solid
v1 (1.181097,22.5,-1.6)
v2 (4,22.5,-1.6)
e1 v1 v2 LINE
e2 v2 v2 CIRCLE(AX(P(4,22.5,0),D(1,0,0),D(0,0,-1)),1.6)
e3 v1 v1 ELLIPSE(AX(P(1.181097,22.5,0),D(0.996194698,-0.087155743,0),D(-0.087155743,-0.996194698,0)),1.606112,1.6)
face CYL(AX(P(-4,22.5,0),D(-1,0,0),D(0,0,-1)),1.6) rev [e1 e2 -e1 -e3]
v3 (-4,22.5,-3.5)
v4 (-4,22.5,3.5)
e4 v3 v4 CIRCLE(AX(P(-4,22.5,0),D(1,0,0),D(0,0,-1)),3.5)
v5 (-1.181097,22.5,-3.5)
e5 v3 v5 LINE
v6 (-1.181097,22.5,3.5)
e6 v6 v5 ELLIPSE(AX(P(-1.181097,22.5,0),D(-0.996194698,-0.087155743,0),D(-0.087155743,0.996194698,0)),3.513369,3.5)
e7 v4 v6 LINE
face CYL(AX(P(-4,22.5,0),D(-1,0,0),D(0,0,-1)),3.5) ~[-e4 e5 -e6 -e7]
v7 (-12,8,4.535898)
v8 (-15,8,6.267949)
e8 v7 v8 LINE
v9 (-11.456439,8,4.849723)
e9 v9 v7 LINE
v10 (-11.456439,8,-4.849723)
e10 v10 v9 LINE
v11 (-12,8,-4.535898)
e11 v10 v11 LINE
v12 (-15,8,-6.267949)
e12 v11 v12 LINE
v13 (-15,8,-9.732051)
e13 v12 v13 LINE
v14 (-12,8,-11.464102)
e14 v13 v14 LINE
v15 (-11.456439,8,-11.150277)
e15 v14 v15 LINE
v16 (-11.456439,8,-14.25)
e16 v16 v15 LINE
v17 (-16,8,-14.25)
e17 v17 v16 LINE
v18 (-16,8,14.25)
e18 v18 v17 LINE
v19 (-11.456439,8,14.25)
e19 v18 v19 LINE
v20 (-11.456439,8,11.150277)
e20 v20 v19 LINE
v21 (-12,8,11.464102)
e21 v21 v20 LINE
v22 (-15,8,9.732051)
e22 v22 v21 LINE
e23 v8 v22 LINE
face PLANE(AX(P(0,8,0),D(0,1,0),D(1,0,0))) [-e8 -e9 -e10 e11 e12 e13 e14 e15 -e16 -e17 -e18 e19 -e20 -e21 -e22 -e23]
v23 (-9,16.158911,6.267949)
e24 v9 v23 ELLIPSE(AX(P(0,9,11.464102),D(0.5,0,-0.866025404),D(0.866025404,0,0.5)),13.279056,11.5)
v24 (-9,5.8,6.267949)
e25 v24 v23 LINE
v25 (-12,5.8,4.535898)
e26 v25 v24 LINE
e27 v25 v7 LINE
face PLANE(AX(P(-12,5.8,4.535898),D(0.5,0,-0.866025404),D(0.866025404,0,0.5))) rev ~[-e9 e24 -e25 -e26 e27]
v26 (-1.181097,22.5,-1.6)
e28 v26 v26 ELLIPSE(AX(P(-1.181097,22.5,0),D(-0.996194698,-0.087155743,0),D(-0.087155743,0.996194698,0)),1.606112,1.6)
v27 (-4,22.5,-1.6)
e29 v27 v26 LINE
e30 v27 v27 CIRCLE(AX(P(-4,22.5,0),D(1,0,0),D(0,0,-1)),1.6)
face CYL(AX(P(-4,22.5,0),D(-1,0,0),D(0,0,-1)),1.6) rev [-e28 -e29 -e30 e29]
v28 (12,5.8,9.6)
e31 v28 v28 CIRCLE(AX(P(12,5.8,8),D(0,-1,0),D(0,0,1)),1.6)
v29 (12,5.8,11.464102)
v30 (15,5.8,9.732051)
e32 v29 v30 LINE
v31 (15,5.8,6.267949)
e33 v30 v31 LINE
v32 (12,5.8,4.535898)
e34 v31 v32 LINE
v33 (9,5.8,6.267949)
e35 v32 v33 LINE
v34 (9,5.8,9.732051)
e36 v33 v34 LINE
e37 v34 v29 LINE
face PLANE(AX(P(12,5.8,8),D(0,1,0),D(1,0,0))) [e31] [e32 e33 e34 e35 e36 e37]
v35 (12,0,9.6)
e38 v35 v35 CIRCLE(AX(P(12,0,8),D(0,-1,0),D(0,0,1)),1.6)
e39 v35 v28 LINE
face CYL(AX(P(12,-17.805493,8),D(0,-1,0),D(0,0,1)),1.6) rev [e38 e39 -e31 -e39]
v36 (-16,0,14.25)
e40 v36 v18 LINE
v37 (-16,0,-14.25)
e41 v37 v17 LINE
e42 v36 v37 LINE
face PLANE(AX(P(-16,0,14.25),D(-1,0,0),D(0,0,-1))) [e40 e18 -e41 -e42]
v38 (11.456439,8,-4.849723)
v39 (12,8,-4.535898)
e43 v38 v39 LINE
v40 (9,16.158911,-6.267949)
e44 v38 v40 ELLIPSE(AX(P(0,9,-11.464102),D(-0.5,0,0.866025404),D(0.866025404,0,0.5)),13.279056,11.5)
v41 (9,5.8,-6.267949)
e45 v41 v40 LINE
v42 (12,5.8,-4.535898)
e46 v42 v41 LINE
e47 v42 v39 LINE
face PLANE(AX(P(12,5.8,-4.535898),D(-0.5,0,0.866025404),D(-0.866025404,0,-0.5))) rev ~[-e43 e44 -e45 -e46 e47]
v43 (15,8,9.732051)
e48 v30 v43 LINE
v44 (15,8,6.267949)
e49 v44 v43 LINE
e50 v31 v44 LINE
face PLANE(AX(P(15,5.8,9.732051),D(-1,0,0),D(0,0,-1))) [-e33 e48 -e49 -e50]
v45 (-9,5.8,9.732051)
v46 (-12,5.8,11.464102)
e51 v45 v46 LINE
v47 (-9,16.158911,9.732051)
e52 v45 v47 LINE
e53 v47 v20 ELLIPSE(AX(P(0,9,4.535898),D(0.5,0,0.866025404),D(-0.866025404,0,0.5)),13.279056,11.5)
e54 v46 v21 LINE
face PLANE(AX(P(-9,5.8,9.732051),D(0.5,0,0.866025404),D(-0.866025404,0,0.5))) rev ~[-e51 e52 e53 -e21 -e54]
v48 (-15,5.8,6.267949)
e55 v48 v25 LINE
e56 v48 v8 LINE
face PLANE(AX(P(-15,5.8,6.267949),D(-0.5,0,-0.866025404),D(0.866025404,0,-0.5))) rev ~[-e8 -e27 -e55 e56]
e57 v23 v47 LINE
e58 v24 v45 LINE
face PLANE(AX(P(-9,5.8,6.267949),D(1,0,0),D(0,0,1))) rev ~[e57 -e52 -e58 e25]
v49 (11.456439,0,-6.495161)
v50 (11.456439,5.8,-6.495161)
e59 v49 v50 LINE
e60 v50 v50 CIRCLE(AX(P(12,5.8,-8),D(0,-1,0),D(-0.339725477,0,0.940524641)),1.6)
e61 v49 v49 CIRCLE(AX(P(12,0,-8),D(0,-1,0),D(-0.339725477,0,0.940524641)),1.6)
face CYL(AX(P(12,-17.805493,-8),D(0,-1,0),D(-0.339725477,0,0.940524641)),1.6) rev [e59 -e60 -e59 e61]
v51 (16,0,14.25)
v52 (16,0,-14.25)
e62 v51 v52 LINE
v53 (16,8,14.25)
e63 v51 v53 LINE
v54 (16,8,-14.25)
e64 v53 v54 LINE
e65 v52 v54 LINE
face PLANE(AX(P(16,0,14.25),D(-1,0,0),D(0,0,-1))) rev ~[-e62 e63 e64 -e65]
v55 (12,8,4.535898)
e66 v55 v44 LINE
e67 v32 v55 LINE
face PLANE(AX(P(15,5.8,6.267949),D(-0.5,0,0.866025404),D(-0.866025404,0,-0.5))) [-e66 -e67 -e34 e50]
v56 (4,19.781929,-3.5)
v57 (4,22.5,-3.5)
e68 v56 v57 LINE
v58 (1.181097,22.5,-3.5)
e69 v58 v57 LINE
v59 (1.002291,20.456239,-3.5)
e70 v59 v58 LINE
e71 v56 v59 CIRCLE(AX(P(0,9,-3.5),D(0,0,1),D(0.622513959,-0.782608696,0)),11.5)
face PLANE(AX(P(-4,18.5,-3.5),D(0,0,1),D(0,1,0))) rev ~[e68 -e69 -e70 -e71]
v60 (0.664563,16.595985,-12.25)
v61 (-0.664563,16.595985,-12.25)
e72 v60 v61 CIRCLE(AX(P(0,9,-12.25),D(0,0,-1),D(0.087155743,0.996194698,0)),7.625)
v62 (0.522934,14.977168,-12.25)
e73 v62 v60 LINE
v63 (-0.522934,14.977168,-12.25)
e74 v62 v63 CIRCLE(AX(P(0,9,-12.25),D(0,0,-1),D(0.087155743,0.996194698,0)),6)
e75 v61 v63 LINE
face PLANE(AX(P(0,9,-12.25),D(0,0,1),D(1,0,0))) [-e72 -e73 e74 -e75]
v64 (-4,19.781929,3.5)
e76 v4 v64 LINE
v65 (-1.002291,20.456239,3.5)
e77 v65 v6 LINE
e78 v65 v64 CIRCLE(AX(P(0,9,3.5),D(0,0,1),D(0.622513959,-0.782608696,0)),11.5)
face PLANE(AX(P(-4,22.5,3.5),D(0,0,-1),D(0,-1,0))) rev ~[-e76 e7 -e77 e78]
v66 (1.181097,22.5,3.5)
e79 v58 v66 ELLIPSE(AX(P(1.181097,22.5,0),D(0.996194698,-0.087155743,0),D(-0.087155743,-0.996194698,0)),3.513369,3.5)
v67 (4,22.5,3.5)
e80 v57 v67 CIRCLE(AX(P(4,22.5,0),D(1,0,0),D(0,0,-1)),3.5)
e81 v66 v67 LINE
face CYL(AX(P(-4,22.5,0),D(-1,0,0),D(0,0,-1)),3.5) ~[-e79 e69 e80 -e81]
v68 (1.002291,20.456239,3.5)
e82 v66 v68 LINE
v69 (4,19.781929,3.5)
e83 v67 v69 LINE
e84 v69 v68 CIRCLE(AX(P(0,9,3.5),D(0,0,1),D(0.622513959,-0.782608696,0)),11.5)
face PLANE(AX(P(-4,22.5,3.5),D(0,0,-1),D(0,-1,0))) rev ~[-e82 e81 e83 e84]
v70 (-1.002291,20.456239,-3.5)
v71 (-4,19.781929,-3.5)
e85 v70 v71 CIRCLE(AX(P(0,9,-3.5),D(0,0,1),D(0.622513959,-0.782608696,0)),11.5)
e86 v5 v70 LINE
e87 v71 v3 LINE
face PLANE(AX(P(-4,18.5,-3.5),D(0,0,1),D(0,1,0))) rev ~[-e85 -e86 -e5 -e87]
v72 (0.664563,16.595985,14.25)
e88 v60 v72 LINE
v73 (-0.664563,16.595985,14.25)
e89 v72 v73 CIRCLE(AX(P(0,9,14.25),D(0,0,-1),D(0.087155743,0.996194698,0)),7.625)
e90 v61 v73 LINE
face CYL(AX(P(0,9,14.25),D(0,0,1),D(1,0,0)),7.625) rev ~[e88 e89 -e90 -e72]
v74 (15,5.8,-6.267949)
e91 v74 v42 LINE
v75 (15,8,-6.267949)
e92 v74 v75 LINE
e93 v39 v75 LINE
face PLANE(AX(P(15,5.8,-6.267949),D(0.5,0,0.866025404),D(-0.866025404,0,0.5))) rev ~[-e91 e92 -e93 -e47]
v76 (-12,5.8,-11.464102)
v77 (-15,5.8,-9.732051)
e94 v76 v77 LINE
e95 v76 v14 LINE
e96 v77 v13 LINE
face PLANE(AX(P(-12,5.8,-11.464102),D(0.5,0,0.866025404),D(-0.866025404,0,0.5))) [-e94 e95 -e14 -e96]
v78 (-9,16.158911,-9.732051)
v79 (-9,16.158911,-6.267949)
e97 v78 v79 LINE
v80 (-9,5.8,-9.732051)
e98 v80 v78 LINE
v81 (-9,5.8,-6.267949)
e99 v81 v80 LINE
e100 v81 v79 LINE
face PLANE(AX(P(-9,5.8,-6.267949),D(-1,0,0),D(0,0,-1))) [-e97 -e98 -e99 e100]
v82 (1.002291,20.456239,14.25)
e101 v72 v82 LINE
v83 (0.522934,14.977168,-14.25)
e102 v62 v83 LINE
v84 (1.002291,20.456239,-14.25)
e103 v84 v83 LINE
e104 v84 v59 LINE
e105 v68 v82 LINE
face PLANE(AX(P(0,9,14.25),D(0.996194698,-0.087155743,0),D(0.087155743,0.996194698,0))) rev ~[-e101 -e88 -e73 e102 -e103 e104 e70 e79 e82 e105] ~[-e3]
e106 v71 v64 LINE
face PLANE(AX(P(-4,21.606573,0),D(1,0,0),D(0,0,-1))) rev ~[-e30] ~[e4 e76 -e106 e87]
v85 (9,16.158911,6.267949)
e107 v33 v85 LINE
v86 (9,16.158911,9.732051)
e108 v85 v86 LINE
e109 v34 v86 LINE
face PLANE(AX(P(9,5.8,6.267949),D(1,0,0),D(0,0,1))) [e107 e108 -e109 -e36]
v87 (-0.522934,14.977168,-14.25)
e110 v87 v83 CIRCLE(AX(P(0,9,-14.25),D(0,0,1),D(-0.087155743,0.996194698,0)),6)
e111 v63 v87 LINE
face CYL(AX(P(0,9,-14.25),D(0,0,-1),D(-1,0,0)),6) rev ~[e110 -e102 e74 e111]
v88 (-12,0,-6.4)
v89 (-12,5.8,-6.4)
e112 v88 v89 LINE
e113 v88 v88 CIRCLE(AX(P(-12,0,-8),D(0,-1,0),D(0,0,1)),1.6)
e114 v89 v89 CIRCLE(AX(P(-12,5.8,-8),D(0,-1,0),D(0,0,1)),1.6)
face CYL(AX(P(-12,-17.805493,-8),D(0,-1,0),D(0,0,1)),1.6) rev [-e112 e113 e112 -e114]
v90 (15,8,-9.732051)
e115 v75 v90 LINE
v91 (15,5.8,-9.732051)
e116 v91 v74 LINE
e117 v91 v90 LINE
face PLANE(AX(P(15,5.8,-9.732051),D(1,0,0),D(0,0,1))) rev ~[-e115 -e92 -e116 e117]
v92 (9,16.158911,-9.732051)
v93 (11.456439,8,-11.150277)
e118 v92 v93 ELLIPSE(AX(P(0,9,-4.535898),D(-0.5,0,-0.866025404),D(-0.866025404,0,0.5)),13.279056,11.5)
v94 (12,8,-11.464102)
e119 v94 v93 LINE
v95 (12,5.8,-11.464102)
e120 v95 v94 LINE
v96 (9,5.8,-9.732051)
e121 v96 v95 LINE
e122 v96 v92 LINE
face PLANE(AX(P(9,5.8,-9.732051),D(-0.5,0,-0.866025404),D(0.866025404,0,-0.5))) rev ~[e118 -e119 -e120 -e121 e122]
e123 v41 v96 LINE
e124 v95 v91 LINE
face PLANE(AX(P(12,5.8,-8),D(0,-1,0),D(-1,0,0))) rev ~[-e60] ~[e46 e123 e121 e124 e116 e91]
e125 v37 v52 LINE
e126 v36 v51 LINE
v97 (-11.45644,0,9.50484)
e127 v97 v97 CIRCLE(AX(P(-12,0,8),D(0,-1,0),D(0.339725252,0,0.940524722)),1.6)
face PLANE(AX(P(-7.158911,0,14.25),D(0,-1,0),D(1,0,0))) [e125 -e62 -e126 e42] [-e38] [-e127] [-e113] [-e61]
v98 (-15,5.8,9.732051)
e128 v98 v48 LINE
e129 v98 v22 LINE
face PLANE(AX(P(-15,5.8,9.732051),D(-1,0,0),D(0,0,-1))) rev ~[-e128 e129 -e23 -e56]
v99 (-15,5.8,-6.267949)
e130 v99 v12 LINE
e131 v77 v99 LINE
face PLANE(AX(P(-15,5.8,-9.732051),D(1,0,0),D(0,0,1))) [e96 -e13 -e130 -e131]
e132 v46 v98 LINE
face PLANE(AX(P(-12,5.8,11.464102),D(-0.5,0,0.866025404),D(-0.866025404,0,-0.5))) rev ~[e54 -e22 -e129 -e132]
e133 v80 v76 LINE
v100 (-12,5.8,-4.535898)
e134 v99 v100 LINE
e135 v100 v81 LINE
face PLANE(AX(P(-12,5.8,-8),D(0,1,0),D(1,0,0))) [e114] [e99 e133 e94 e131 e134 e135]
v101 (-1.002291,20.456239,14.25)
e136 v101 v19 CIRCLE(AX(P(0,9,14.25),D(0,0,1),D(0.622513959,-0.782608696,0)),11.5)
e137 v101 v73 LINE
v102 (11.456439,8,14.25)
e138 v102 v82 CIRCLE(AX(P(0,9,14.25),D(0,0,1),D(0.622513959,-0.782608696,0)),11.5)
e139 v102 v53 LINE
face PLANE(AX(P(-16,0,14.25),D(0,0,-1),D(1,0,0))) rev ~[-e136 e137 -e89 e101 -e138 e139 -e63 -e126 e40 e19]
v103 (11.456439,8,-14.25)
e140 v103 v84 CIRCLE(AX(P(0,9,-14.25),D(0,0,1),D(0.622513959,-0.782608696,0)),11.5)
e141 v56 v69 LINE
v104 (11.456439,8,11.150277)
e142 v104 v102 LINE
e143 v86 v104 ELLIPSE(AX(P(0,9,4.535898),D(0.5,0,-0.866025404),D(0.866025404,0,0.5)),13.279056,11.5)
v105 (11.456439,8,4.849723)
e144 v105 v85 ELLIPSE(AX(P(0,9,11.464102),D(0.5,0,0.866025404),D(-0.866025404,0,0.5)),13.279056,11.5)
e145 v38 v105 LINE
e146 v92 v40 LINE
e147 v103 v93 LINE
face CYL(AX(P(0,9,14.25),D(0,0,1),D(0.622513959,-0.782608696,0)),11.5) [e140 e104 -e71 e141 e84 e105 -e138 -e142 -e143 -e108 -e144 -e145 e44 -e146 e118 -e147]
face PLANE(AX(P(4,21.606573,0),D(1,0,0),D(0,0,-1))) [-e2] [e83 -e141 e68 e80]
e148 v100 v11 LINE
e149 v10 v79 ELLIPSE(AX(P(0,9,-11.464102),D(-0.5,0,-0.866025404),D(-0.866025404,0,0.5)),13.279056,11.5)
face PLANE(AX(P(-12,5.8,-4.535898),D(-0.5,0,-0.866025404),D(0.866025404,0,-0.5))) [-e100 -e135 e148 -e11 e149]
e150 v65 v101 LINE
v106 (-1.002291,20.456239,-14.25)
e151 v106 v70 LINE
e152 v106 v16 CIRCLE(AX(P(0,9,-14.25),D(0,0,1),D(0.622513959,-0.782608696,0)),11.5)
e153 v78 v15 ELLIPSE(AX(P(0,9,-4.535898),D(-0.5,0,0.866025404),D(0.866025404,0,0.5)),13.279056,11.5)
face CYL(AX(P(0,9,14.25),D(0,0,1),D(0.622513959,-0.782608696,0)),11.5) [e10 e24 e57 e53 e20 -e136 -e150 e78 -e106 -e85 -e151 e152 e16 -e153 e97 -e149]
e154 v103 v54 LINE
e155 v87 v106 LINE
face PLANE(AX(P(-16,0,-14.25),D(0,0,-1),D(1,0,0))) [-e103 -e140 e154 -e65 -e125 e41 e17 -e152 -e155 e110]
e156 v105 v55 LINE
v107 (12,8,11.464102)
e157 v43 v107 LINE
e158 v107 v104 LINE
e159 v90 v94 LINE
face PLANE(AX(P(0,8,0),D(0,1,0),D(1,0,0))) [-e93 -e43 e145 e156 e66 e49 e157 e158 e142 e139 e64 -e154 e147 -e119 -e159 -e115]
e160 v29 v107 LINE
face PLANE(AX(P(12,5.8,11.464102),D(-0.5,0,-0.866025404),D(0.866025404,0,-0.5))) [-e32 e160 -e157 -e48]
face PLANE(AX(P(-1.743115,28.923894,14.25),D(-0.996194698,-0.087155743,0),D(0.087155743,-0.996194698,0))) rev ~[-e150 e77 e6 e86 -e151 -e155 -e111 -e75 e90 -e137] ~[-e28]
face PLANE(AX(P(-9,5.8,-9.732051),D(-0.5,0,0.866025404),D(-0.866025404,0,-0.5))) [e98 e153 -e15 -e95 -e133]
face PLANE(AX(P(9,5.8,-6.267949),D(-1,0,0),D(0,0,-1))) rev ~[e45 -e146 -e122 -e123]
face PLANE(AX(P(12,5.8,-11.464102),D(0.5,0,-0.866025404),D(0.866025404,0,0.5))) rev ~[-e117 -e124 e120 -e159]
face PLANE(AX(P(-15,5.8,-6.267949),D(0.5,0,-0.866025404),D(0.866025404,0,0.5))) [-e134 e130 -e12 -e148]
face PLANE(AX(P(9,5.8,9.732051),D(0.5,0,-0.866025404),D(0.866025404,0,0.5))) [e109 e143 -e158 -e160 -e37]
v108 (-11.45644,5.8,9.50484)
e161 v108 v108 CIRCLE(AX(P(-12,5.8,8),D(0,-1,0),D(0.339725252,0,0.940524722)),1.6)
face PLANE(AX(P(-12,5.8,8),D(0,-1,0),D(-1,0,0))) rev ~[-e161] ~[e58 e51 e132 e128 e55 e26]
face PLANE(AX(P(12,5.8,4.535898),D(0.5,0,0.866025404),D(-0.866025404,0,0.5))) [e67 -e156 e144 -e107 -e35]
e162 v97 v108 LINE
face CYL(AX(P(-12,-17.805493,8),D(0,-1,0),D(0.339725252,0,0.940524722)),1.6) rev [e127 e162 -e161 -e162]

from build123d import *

# Parameters (mm, degrees)
SKETCH1_W                = 32
SKETCH1_H                = 28.5
BOSS_EXTRUDE1_DEPTH      = 8
BOSS_EXTRUDE2_DEPTH      = 28.5
SKETCH4_R                = 7.625
CUT_EXTRUDE2_DEPTH       = 26.5
SKETCH5_R                = 6
CUT_EXTRUDE3_DEPTH       = 39.581083448
CUT_EXTRUDE1_DEPTH       = 25.805493343
CUT_EXTRUDE1_DEPTH_BACK  = 25.805493343
SKETCH2_R                = 1.6
CUT_EXTRUDE4_DEPTH       = 25.805493451
CUT_EXTRUDE4_DEPTH_BACK  = 2.2
BOSS_EXTRUDE3_DEPTH      = 4
BOSS_EXTRUDE3_DEPTH_BACK = 4
SKETCH8_R                = 1.6
CUT_EXTRUDE5_DEPTH       = 42.764219136


with BuildPart() as part:
    # Sketch1 → Boss-Extrude1 (new body)
    with BuildSketch(Plane(origin=(0, 0, 0), x_dir=(1, 0, 0), z_dir=(0, 1, 0))):
        Rectangle(SKETCH1_W, SKETCH1_H)
    extrude(amount=BOSS_EXTRUDE1_DEPTH)

    # Sketch3 → Boss-Extrude2 (add, through all)
    with BuildSketch(Plane.XY.offset(14.25)):
        with BuildLine():
            Line((-7.158910532, 0), (7.158910532, 0))
            ThreePointArc((7.158910532, 0), (0, 20.5), (-7.158910532, 0))
        make_face()
    extrude(amount=-BOSS_EXTRUDE2_DEPTH)

    # Sketch4 → Cut-Extrude2 (cut)
    with BuildSketch(Plane.XY.offset(14.25)):
        with Locations((0, 9)):
            Circle(SKETCH4_R)
    extrude(amount=-CUT_EXTRUDE2_DEPTH, mode=Mode.SUBTRACT)

    # Sketch5 → Cut-Extrude3 (cut, through all)
    with BuildSketch(Plane(origin=(0, 0, -14.25), x_dir=(-1, 0, 0), z_dir=(0, 0, -1))):
        with Locations((0, 9)):
            Circle(SKETCH5_R)
    extrude(amount=-CUT_EXTRUDE3_DEPTH, mode=Mode.SUBTRACT)

    # Sketch2 → Cut-Extrude1 (cut, two sides: drawn at the far end of the back side and taken through both)
    with BuildSketch(Plane(origin=(0, 8, 0), x_dir=(1, 0, 0), z_dir=(0, 1, 0)).offset(-CUT_EXTRUDE1_DEPTH_BACK)):
        with Locations(Location((-12, 8, 0), (0, 0, 270))):
            Circle(SKETCH2_R)
        with Locations(Location((12, 8, 0), (0, 0, 250.139850489))):
            Circle(SKETCH2_R)
        with Locations(Location((12, -8, 0), (0, 0, 270))):
            Circle(SKETCH2_R)
        with Locations(Location((-12, -8, 0), (0, 0, 289.860135815))):
            Circle(SKETCH2_R)
    extrude(amount=CUT_EXTRUDE1_DEPTH + CUT_EXTRUDE1_DEPTH_BACK, mode=Mode.SUBTRACT)

    # Sketch6 → Cut-Extrude4 (cut, two sides: drawn at the far end of the back side and taken through both)
    with BuildSketch(Plane(origin=(0, 8, 0), x_dir=(1, 0, 0), z_dir=(0, 1, 0)).offset(-CUT_EXTRUDE4_DEPTH_BACK)):
        Polygon((-12, 11.464101615), (-15, 9.732050808), (-15, 6.267949192), (-12, 4.535898385), (-9, 6.267949192), (-9, 9.732050808), align=None)
        Polygon((-9, -9.732050808), (-12, -11.464101615), (-15, -9.732050808), (-15, -6.267949192), (-12, -4.535898385), (-9, -6.267949192), align=None)
        Polygon((12, -11.464101615), (15, -9.732050808), (15, -6.267949192), (12, -4.535898385), (9, -6.267949192), (9, -9.732050808), align=None)
        Polygon((9, 9.732050808), (12, 11.464101615), (15, 9.732050808), (15, 6.267949192), (12, 4.535898385), (9, 6.267949192), align=None)
    extrude(amount=CUT_EXTRUDE4_DEPTH + CUT_EXTRUDE4_DEPTH_BACK, mode=Mode.SUBTRACT)

    # Sketch8 → Boss-Extrude3 (add, two sides: drawn at the far end of the back side and taken through both)
    with BuildSketch(Plane(origin=(0, 0, 0), x_dir=(0, 0, -1), z_dir=(1, 0, 0)).offset(-BOSS_EXTRUDE3_DEPTH_BACK)):
        with BuildLine():
            Line((-3.5, 22.5), (-3.5, 18.5))
            Line((-3.5, 18.5), (3.5, 18.5))
            Line((3.5, 18.5), (3.5, 22.5))
            ThreePointArc((3.5, 22.5), (0, 26), (-3.5, 22.5))
        make_face()
        with Locations((0, 22.5)):
            Circle(SKETCH8_R, mode=Mode.SUBTRACT)
    extrude(amount=BOSS_EXTRUDE3_DEPTH + BOSS_EXTRUDE3_DEPTH_BACK)

    # Sketch9 → Cut-Extrude5 (cut, through all)
    with BuildSketch(Plane.XY.offset(14.25)):
        with BuildLine():
            Line((0, 9), (1.743114855, 28.923893962))
            ThreePointArc((1.743114855, 28.923893962), (0, 29), (-1.743114855, 28.923893962))
            Line((-1.743114855, 28.923893962), (0, 9))
        make_face()
    extrude(amount=-CUT_EXTRUDE5_DEPTH, mode=Mode.SUBTRACT)


solid = part.part
